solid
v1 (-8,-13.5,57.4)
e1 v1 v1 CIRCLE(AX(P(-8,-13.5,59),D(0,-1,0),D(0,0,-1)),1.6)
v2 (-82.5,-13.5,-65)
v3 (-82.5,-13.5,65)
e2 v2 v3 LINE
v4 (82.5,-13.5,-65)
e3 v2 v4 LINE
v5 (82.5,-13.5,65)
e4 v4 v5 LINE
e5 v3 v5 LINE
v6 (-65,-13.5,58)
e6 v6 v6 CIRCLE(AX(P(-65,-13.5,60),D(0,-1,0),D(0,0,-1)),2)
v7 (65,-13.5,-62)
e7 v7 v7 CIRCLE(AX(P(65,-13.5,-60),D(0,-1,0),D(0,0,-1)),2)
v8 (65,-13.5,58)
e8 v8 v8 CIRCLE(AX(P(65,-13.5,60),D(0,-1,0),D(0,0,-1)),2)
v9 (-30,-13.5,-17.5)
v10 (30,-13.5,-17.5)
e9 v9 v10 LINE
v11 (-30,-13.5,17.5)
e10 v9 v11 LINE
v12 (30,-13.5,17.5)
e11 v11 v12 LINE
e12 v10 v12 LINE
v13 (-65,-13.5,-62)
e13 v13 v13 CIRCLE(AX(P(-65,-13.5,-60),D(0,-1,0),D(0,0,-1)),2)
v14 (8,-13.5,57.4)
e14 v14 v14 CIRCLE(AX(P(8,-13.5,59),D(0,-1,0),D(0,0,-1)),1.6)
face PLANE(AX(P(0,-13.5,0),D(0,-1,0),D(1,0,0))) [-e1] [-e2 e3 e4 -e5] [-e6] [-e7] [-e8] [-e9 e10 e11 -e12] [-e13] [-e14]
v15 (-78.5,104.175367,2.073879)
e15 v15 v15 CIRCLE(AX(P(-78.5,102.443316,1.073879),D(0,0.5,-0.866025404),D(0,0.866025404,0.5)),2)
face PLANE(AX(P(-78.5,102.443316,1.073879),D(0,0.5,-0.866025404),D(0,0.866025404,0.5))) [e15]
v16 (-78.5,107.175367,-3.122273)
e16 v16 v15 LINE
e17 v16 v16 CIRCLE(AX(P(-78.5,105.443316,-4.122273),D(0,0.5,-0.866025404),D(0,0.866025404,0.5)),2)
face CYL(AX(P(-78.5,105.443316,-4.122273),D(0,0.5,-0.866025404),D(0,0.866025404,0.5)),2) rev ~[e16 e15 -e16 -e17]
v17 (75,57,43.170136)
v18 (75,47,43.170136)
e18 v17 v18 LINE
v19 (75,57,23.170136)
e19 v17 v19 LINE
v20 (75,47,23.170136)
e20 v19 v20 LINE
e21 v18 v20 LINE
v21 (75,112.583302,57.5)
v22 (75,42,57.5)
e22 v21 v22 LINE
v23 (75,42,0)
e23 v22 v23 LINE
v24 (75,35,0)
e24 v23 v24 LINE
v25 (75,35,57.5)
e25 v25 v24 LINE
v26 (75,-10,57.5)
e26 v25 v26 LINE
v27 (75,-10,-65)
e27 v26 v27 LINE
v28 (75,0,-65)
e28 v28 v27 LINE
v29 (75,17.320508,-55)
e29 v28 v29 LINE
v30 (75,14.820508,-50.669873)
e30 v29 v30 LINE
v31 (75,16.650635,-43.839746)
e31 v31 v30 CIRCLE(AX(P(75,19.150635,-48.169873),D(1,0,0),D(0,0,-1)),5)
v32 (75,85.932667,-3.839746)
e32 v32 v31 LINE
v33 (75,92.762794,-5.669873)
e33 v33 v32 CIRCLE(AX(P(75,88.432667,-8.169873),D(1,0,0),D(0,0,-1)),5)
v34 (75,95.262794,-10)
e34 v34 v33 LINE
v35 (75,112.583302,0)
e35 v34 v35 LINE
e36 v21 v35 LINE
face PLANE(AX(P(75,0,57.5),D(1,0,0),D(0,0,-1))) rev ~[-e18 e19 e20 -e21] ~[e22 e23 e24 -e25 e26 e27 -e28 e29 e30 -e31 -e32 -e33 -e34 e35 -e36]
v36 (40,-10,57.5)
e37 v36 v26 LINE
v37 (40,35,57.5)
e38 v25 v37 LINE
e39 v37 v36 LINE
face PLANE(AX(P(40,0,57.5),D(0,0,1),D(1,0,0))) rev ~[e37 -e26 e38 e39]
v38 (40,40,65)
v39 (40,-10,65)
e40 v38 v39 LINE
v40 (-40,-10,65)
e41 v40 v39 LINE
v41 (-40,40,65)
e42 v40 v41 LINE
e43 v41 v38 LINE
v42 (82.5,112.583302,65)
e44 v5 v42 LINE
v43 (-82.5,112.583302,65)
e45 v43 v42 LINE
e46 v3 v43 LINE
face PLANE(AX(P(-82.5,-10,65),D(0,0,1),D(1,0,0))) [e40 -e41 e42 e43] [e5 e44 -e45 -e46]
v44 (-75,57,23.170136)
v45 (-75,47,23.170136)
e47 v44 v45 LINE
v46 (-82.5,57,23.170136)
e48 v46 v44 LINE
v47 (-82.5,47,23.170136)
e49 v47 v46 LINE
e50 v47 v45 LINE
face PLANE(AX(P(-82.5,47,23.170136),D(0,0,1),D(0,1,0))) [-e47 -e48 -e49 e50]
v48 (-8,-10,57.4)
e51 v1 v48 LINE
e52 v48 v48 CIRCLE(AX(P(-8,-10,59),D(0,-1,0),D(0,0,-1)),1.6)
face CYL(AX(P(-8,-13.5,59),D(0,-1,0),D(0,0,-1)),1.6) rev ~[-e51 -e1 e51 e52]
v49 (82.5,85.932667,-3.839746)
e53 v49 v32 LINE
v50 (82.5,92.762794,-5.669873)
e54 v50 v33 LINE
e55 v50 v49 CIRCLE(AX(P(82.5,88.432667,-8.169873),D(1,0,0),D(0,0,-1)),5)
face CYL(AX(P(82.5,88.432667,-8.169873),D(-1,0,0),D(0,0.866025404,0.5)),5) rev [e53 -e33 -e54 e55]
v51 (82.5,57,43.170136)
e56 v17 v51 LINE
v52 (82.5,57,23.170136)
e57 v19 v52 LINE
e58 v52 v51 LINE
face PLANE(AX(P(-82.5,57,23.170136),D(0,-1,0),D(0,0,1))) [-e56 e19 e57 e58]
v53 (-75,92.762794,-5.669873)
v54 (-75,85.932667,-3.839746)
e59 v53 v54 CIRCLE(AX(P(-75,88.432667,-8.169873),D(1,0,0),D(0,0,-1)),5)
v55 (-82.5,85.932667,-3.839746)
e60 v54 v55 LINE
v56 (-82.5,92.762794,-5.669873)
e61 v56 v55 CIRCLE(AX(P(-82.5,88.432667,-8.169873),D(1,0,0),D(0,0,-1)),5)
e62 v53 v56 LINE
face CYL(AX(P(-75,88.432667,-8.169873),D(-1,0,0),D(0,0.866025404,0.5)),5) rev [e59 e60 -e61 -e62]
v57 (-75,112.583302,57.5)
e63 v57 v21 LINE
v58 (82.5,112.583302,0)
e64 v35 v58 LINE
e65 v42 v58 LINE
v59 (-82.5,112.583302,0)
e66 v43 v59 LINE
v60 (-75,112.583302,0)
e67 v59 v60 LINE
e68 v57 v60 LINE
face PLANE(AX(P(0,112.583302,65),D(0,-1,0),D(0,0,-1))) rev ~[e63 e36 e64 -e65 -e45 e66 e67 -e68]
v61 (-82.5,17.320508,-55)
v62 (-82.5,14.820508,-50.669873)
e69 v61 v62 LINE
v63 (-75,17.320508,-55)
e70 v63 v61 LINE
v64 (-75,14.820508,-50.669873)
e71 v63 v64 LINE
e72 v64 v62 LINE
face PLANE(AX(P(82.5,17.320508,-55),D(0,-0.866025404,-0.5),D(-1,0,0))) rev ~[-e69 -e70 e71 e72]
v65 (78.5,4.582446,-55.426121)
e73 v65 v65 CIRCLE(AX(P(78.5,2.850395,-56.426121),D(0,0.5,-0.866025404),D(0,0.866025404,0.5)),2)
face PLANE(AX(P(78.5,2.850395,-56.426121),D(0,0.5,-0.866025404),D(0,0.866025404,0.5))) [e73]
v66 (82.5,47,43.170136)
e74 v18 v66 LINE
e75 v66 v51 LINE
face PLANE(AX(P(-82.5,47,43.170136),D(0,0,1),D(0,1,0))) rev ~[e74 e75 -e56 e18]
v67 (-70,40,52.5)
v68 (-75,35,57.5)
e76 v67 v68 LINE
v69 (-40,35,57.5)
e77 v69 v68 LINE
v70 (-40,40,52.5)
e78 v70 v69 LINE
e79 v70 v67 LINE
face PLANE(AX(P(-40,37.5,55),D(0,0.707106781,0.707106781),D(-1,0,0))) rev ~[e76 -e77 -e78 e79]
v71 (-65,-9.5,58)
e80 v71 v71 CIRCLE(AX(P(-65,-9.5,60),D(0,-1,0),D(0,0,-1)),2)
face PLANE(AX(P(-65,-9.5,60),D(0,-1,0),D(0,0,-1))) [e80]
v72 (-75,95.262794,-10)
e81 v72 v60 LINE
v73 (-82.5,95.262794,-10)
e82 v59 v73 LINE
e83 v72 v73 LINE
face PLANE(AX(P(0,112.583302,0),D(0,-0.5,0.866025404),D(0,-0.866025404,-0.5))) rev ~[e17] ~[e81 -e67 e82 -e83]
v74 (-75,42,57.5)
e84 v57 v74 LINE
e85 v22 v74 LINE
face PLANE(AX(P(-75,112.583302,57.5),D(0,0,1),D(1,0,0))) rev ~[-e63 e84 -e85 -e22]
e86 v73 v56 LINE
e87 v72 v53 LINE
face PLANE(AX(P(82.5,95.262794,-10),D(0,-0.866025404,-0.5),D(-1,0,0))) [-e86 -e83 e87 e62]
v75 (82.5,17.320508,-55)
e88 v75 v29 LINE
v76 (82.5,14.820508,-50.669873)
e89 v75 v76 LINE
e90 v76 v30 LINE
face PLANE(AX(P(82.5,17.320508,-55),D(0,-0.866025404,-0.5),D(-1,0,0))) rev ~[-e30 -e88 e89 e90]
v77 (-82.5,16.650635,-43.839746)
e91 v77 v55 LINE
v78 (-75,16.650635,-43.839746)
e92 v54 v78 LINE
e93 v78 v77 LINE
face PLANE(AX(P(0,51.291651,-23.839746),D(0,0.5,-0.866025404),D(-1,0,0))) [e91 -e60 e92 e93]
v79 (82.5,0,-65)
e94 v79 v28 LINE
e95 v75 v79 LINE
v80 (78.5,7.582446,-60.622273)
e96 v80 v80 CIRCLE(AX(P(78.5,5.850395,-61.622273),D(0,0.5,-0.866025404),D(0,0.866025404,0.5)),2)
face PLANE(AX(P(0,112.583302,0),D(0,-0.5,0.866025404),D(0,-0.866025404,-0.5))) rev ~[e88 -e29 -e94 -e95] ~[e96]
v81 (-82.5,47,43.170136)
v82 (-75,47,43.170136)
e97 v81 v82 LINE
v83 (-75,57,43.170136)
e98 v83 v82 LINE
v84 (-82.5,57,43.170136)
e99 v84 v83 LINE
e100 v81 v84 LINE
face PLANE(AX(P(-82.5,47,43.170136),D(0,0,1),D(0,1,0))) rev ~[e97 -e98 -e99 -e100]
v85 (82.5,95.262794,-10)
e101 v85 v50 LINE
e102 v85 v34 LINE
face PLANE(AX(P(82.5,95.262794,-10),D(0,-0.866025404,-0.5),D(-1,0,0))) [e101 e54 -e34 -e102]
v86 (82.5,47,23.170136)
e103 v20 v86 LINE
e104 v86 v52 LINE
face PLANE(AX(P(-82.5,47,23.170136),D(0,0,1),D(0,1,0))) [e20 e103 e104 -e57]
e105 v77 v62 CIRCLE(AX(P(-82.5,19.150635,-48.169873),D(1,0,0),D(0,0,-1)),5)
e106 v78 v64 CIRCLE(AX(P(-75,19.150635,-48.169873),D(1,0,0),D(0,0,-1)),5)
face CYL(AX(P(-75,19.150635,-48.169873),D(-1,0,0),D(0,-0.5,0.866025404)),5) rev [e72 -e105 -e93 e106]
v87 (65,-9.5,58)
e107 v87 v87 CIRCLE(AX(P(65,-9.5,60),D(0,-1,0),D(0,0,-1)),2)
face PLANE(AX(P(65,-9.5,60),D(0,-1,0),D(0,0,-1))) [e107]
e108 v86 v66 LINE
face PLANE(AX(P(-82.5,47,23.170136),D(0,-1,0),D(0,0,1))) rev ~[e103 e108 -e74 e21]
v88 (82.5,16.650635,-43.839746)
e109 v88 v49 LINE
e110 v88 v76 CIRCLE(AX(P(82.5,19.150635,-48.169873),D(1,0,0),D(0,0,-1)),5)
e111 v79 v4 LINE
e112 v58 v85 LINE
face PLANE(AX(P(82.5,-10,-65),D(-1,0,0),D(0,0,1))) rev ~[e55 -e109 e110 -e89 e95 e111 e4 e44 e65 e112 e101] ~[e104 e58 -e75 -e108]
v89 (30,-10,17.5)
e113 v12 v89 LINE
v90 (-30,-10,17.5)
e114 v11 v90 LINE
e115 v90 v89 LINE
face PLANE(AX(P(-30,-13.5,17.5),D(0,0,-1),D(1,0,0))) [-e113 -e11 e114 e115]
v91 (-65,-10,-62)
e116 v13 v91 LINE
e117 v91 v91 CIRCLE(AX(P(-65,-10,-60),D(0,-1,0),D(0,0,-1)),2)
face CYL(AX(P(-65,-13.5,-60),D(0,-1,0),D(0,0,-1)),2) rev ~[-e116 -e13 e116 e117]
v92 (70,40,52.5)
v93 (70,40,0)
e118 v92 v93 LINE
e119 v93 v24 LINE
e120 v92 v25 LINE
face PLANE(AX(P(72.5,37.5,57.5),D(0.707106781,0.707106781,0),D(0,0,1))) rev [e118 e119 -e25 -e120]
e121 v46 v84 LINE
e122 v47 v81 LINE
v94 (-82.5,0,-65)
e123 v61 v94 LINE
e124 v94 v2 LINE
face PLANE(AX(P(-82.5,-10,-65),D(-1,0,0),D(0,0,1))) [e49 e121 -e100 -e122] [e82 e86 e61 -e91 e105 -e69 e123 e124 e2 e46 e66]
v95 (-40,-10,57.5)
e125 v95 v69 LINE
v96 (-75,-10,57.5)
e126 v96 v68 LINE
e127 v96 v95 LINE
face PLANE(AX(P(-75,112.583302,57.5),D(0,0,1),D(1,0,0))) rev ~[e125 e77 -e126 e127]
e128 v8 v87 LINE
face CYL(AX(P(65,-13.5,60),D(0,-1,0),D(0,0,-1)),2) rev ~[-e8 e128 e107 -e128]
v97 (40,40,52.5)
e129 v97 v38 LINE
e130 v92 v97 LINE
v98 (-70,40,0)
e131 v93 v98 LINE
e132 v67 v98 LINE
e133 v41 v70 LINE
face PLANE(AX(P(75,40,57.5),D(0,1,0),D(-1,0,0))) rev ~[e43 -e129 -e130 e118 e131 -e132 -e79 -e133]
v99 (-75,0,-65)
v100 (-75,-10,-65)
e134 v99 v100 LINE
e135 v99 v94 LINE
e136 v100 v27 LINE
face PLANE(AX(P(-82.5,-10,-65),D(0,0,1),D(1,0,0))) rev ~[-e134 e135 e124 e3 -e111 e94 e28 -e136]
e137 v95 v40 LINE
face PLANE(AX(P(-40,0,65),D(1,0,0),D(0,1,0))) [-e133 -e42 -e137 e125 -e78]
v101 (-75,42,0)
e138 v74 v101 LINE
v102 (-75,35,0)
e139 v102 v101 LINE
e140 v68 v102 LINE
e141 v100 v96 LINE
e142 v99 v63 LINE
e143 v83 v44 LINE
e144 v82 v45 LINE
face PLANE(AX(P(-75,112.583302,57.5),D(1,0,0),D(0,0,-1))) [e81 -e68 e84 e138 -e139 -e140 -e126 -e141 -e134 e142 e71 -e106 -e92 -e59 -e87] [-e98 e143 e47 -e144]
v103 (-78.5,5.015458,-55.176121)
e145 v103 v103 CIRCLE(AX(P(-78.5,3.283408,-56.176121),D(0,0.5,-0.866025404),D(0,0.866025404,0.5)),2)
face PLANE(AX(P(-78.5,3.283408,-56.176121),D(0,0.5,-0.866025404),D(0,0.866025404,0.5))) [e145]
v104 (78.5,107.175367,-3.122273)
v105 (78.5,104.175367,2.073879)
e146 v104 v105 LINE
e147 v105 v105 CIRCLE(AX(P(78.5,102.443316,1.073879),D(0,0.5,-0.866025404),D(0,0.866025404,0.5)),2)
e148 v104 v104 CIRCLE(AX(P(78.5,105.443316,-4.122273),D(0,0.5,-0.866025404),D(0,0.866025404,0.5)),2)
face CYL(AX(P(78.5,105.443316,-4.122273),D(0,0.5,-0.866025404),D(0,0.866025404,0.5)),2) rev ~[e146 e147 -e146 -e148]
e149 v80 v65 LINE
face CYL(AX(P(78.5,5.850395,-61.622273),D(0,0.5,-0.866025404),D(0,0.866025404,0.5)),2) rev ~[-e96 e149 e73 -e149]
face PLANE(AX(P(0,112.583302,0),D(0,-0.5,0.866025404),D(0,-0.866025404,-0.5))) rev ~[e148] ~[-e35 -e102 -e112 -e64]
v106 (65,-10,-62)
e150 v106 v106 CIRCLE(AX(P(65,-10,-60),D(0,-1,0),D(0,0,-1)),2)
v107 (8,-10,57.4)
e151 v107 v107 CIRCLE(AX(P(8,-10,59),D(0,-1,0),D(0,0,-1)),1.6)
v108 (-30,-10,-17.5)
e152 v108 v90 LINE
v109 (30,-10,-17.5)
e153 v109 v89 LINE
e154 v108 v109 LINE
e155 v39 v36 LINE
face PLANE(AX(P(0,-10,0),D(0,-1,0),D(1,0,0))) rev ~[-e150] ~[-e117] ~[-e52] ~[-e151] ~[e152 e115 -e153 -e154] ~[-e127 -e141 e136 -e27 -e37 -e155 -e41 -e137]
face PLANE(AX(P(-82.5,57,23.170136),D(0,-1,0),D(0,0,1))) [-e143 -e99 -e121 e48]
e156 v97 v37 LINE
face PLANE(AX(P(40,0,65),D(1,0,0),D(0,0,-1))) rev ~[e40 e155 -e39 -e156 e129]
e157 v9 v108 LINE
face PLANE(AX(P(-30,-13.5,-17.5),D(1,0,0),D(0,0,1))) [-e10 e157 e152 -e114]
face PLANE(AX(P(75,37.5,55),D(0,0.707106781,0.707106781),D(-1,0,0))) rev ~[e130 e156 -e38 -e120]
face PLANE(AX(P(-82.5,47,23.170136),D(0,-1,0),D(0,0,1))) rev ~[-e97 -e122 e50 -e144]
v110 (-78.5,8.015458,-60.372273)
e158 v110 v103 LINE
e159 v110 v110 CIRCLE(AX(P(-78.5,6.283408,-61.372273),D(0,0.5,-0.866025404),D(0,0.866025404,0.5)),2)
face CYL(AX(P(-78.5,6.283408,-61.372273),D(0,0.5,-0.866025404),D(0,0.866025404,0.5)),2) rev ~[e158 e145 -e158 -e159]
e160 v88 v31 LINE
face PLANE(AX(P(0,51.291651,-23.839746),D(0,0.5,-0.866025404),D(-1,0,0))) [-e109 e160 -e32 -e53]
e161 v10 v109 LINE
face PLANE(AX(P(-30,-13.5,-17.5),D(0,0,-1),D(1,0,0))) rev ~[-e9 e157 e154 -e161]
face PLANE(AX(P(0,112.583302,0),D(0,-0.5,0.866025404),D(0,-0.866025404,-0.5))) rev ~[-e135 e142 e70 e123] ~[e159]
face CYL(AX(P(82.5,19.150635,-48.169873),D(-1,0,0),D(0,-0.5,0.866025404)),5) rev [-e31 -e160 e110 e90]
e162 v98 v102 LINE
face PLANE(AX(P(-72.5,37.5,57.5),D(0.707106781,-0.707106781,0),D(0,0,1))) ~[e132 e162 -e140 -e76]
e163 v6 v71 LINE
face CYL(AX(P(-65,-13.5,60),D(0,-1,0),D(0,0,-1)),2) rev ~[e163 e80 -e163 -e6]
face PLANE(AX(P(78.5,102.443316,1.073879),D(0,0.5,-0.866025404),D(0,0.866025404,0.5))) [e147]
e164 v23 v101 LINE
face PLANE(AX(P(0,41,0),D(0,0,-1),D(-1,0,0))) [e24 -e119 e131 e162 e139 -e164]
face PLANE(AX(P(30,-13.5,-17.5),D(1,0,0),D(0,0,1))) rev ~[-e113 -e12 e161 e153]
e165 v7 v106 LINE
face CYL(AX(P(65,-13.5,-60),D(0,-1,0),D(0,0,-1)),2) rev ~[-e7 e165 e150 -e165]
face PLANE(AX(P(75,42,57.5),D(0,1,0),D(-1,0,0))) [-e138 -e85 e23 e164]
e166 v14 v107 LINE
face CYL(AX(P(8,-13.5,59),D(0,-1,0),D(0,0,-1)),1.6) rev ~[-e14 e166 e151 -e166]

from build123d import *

# Parameters (mm, degrees)
BOSS_EXTRUDE1_DEPTH = 82.5
SKETCH4_W           = 165
SKETCH4_H           = 90
CUT_EXTRUDE1_DEPTH  = 10
SKETCH6_W           = 150
SKETCH6_H           = 122.5
CUT_EXTRUDE2_DEPTH  = 154.968340902
SKETCH7_W           = 80
SKETCH7_H           = 40
CUT_EXTRUDE3_DEPTH  = 60
SKETCH8_W           = 150
SKETCH8_H           = 2
BOSS_EXTRUDE2_DEPTH = 57.5
SKETCH9_W           = 20
SKETCH9_H           = 10
CUT_EXTRUDE4_DEPTH  = 211.059515376
SKETCH10_R          = 2
CUT_EXTRUDE5_DEPTH  = 6
CHAMFER1_SIZE       = 5
FILLET1_R           = 5
BOSS_EXTRUDE3_DEPTH = 10
SKETCH17_W          = 165
SKETCH17_H          = 130
BOSS_EXTRUDE4_DEPTH = 3.5
SKETCH16_R          = 2
CUT_EXTRUDE6_DEPTH  = 4
SKETCH19_R          = 1.6
SKETCH19_W          = 60
SKETCH19_H          = 35
CUT_EXTRUDE7_DEPTH  = 10


with BuildPart() as part:
    # Sketch2 → Boss-Extrude1 (new, symmetric)
    with BuildSketch(Plane(origin=(0, 0, 0), x_dir=(0, 0, -1), z_dir=(1, 0, 0))):
        Polygon((0, 112.583302492), (65, 0), (0, 0), (-65, 0), (-65, 112.583302492), align=None)
    extrude(amount=BOSS_EXTRUDE1_DEPTH, both=True)

    # Sketch4 → Cut-Extrude1 (cut)
    with BuildSketch(Plane(origin=(0, 28.145825623, -48.75), x_dir=(-1, 0, 0), z_dir=(0, 0.5000000000000044, -0.8660254037844362))):
        with Locations((0, 32.5)):
            Rectangle(SKETCH4_W, SKETCH4_H)
    extrude(amount=-CUT_EXTRUDE1_DEPTH, mode=Mode.SUBTRACT)

    # Sketch6 → Cut-Extrude2 (cut, through all)
    with BuildSketch(Plane(origin=(0, 112.583302492, 0), x_dir=(1, 0, 0), z_dir=(0, 1, 0))):
        with Locations((0, 3.75)):
            Rectangle(SKETCH6_W, SKETCH6_H)
    extrude(amount=-CUT_EXTRUDE2_DEPTH, mode=Mode.SUBTRACT)

    # Sketch7 → Cut-Extrude3 (cut)
    with BuildSketch(Plane.XY.offset(65)):
        with Locations((0, 20)):
            Rectangle(SKETCH7_W, SKETCH7_H)
    extrude(amount=-CUT_EXTRUDE3_DEPTH, mode=Mode.SUBTRACT)

    # Sketch8 → Boss-Extrude2 (add)
    with BuildSketch(Plane(origin=(0, 0, 57.5), x_dir=(-1, 0, 0), z_dir=(0, 0, -1))):
        with Locations((0, 41)):
            Rectangle(SKETCH8_W, SKETCH8_H)
    extrude(amount=BOSS_EXTRUDE2_DEPTH)

    # Sketch9 → Cut-Extrude4 (cut, through all)
    with BuildSketch(Plane.ZY.offset(82.5)):
        with Locations((33.170135622, 52)):
            Rectangle(SKETCH9_W, SKETCH9_H)
    extrude(amount=-CUT_EXTRUDE4_DEPTH, mode=Mode.SUBTRACT)

    # Sketch10 → Cut-Extrude5 (cut)
    with BuildSketch(Plane(origin=(0, 28.145825623, -48.75), x_dir=(-1, 0, 0), z_dir=(0, 0.5000000000000038, -0.8660254037844366))):
        with Locations(Location((-78.5, 89.25545404, 0), (0, 0, 90))):
            Circle(SKETCH10_R)
        with Locations(Location((78.5, 89.25545404, 0), (0, 0, 90))):
            Circle(SKETCH10_R)
        with Locations(Location((78.5, -25.24454596, 0), (0, 0, 90))):
            Circle(SKETCH10_R)
        with Locations(Location((-78.5, -25.74454596, 0), (0, 0, 90))):
            Circle(SKETCH10_R)
    extrude(amount=-CUT_EXTRUDE5_DEPTH, mode=Mode.SUBTRACT)

    # Chamfer1
    chamfer1_edges = [part.edges().sort_by_distance(p)[0] for p in [
        (57.5, 40, 57.5),
        (-57.5, 40, 57.5),
        (75, 40, 28.75),
        (-75, 40, 28.75),
    ]]
    chamfer(chamfer1_edges, length=CHAMFER1_SIZE)

    # Fillet1
    fillet1_edges = [part.edges().sort_by_distance(p)[0] for p in [
        (-78.75, 90.262794416, -1.339745962),
        (78.75, 12.320508076, -46.339745962),
        (-78.75, 12.320508076, -46.339745962),
        (78.75, 90.262794416, -1.339745962),
    ]]
    fillet(fillet1_edges, radius=FILLET1_R)

    # Sketch12 → Boss-Extrude3 (add)
    with BuildSketch(Plane.XZ):
        Polygon((82.5, 65), (40, 65), (40, 57.5), (75, 57.5), (75, -65), (82.5, -65), align=None)
        Polygon((-75, 57.5), (-40, 57.5), (-40, 65), (-82.5, 65), (-82.5, -65), (-75, -65), align=None)
    extrude(amount=BOSS_EXTRUDE3_DEPTH)

    # Sketch17 → Boss-Extrude4 (add)
    with BuildSketch(Plane.XZ.offset(10)):
        Rectangle(SKETCH17_W, SKETCH17_H)
    extrude(amount=BOSS_EXTRUDE4_DEPTH)

    # Sketch16 → Cut-Extrude6 (cut)
    with BuildSketch(Plane.XZ.offset(13.5)):
        with Locations(Location((-65, 60, 0), (0, 0, 270))):
            Circle(SKETCH16_R)
        with Locations(Location((65, 60, 0), (0, 0, 270))):
            Circle(SKETCH16_R)
        with Locations(Location((65, -60, 0), (0, 0, 270))):
            Circle(SKETCH16_R)
        with Locations(Location((-65, -60, 0), (0, 0, 270))):
            Circle(SKETCH16_R)
    extrude(amount=-CUT_EXTRUDE6_DEPTH, mode=Mode.SUBTRACT)

    # Sketch19 → Cut-Extrude7 (cut)
    with BuildSketch(Plane.XZ.offset(13.5)):
        with Locations(Location((-8, 59, 0), (0, 0, 270))):
            Circle(SKETCH19_R)
        with Locations(Location((8, 59, 0), (0, 0, 270))):
            Circle(SKETCH19_R)
        Rectangle(SKETCH19_W, SKETCH19_H)
    extrude(amount=-CUT_EXTRUDE7_DEPTH, mode=Mode.SUBTRACT)


solid = part.part
